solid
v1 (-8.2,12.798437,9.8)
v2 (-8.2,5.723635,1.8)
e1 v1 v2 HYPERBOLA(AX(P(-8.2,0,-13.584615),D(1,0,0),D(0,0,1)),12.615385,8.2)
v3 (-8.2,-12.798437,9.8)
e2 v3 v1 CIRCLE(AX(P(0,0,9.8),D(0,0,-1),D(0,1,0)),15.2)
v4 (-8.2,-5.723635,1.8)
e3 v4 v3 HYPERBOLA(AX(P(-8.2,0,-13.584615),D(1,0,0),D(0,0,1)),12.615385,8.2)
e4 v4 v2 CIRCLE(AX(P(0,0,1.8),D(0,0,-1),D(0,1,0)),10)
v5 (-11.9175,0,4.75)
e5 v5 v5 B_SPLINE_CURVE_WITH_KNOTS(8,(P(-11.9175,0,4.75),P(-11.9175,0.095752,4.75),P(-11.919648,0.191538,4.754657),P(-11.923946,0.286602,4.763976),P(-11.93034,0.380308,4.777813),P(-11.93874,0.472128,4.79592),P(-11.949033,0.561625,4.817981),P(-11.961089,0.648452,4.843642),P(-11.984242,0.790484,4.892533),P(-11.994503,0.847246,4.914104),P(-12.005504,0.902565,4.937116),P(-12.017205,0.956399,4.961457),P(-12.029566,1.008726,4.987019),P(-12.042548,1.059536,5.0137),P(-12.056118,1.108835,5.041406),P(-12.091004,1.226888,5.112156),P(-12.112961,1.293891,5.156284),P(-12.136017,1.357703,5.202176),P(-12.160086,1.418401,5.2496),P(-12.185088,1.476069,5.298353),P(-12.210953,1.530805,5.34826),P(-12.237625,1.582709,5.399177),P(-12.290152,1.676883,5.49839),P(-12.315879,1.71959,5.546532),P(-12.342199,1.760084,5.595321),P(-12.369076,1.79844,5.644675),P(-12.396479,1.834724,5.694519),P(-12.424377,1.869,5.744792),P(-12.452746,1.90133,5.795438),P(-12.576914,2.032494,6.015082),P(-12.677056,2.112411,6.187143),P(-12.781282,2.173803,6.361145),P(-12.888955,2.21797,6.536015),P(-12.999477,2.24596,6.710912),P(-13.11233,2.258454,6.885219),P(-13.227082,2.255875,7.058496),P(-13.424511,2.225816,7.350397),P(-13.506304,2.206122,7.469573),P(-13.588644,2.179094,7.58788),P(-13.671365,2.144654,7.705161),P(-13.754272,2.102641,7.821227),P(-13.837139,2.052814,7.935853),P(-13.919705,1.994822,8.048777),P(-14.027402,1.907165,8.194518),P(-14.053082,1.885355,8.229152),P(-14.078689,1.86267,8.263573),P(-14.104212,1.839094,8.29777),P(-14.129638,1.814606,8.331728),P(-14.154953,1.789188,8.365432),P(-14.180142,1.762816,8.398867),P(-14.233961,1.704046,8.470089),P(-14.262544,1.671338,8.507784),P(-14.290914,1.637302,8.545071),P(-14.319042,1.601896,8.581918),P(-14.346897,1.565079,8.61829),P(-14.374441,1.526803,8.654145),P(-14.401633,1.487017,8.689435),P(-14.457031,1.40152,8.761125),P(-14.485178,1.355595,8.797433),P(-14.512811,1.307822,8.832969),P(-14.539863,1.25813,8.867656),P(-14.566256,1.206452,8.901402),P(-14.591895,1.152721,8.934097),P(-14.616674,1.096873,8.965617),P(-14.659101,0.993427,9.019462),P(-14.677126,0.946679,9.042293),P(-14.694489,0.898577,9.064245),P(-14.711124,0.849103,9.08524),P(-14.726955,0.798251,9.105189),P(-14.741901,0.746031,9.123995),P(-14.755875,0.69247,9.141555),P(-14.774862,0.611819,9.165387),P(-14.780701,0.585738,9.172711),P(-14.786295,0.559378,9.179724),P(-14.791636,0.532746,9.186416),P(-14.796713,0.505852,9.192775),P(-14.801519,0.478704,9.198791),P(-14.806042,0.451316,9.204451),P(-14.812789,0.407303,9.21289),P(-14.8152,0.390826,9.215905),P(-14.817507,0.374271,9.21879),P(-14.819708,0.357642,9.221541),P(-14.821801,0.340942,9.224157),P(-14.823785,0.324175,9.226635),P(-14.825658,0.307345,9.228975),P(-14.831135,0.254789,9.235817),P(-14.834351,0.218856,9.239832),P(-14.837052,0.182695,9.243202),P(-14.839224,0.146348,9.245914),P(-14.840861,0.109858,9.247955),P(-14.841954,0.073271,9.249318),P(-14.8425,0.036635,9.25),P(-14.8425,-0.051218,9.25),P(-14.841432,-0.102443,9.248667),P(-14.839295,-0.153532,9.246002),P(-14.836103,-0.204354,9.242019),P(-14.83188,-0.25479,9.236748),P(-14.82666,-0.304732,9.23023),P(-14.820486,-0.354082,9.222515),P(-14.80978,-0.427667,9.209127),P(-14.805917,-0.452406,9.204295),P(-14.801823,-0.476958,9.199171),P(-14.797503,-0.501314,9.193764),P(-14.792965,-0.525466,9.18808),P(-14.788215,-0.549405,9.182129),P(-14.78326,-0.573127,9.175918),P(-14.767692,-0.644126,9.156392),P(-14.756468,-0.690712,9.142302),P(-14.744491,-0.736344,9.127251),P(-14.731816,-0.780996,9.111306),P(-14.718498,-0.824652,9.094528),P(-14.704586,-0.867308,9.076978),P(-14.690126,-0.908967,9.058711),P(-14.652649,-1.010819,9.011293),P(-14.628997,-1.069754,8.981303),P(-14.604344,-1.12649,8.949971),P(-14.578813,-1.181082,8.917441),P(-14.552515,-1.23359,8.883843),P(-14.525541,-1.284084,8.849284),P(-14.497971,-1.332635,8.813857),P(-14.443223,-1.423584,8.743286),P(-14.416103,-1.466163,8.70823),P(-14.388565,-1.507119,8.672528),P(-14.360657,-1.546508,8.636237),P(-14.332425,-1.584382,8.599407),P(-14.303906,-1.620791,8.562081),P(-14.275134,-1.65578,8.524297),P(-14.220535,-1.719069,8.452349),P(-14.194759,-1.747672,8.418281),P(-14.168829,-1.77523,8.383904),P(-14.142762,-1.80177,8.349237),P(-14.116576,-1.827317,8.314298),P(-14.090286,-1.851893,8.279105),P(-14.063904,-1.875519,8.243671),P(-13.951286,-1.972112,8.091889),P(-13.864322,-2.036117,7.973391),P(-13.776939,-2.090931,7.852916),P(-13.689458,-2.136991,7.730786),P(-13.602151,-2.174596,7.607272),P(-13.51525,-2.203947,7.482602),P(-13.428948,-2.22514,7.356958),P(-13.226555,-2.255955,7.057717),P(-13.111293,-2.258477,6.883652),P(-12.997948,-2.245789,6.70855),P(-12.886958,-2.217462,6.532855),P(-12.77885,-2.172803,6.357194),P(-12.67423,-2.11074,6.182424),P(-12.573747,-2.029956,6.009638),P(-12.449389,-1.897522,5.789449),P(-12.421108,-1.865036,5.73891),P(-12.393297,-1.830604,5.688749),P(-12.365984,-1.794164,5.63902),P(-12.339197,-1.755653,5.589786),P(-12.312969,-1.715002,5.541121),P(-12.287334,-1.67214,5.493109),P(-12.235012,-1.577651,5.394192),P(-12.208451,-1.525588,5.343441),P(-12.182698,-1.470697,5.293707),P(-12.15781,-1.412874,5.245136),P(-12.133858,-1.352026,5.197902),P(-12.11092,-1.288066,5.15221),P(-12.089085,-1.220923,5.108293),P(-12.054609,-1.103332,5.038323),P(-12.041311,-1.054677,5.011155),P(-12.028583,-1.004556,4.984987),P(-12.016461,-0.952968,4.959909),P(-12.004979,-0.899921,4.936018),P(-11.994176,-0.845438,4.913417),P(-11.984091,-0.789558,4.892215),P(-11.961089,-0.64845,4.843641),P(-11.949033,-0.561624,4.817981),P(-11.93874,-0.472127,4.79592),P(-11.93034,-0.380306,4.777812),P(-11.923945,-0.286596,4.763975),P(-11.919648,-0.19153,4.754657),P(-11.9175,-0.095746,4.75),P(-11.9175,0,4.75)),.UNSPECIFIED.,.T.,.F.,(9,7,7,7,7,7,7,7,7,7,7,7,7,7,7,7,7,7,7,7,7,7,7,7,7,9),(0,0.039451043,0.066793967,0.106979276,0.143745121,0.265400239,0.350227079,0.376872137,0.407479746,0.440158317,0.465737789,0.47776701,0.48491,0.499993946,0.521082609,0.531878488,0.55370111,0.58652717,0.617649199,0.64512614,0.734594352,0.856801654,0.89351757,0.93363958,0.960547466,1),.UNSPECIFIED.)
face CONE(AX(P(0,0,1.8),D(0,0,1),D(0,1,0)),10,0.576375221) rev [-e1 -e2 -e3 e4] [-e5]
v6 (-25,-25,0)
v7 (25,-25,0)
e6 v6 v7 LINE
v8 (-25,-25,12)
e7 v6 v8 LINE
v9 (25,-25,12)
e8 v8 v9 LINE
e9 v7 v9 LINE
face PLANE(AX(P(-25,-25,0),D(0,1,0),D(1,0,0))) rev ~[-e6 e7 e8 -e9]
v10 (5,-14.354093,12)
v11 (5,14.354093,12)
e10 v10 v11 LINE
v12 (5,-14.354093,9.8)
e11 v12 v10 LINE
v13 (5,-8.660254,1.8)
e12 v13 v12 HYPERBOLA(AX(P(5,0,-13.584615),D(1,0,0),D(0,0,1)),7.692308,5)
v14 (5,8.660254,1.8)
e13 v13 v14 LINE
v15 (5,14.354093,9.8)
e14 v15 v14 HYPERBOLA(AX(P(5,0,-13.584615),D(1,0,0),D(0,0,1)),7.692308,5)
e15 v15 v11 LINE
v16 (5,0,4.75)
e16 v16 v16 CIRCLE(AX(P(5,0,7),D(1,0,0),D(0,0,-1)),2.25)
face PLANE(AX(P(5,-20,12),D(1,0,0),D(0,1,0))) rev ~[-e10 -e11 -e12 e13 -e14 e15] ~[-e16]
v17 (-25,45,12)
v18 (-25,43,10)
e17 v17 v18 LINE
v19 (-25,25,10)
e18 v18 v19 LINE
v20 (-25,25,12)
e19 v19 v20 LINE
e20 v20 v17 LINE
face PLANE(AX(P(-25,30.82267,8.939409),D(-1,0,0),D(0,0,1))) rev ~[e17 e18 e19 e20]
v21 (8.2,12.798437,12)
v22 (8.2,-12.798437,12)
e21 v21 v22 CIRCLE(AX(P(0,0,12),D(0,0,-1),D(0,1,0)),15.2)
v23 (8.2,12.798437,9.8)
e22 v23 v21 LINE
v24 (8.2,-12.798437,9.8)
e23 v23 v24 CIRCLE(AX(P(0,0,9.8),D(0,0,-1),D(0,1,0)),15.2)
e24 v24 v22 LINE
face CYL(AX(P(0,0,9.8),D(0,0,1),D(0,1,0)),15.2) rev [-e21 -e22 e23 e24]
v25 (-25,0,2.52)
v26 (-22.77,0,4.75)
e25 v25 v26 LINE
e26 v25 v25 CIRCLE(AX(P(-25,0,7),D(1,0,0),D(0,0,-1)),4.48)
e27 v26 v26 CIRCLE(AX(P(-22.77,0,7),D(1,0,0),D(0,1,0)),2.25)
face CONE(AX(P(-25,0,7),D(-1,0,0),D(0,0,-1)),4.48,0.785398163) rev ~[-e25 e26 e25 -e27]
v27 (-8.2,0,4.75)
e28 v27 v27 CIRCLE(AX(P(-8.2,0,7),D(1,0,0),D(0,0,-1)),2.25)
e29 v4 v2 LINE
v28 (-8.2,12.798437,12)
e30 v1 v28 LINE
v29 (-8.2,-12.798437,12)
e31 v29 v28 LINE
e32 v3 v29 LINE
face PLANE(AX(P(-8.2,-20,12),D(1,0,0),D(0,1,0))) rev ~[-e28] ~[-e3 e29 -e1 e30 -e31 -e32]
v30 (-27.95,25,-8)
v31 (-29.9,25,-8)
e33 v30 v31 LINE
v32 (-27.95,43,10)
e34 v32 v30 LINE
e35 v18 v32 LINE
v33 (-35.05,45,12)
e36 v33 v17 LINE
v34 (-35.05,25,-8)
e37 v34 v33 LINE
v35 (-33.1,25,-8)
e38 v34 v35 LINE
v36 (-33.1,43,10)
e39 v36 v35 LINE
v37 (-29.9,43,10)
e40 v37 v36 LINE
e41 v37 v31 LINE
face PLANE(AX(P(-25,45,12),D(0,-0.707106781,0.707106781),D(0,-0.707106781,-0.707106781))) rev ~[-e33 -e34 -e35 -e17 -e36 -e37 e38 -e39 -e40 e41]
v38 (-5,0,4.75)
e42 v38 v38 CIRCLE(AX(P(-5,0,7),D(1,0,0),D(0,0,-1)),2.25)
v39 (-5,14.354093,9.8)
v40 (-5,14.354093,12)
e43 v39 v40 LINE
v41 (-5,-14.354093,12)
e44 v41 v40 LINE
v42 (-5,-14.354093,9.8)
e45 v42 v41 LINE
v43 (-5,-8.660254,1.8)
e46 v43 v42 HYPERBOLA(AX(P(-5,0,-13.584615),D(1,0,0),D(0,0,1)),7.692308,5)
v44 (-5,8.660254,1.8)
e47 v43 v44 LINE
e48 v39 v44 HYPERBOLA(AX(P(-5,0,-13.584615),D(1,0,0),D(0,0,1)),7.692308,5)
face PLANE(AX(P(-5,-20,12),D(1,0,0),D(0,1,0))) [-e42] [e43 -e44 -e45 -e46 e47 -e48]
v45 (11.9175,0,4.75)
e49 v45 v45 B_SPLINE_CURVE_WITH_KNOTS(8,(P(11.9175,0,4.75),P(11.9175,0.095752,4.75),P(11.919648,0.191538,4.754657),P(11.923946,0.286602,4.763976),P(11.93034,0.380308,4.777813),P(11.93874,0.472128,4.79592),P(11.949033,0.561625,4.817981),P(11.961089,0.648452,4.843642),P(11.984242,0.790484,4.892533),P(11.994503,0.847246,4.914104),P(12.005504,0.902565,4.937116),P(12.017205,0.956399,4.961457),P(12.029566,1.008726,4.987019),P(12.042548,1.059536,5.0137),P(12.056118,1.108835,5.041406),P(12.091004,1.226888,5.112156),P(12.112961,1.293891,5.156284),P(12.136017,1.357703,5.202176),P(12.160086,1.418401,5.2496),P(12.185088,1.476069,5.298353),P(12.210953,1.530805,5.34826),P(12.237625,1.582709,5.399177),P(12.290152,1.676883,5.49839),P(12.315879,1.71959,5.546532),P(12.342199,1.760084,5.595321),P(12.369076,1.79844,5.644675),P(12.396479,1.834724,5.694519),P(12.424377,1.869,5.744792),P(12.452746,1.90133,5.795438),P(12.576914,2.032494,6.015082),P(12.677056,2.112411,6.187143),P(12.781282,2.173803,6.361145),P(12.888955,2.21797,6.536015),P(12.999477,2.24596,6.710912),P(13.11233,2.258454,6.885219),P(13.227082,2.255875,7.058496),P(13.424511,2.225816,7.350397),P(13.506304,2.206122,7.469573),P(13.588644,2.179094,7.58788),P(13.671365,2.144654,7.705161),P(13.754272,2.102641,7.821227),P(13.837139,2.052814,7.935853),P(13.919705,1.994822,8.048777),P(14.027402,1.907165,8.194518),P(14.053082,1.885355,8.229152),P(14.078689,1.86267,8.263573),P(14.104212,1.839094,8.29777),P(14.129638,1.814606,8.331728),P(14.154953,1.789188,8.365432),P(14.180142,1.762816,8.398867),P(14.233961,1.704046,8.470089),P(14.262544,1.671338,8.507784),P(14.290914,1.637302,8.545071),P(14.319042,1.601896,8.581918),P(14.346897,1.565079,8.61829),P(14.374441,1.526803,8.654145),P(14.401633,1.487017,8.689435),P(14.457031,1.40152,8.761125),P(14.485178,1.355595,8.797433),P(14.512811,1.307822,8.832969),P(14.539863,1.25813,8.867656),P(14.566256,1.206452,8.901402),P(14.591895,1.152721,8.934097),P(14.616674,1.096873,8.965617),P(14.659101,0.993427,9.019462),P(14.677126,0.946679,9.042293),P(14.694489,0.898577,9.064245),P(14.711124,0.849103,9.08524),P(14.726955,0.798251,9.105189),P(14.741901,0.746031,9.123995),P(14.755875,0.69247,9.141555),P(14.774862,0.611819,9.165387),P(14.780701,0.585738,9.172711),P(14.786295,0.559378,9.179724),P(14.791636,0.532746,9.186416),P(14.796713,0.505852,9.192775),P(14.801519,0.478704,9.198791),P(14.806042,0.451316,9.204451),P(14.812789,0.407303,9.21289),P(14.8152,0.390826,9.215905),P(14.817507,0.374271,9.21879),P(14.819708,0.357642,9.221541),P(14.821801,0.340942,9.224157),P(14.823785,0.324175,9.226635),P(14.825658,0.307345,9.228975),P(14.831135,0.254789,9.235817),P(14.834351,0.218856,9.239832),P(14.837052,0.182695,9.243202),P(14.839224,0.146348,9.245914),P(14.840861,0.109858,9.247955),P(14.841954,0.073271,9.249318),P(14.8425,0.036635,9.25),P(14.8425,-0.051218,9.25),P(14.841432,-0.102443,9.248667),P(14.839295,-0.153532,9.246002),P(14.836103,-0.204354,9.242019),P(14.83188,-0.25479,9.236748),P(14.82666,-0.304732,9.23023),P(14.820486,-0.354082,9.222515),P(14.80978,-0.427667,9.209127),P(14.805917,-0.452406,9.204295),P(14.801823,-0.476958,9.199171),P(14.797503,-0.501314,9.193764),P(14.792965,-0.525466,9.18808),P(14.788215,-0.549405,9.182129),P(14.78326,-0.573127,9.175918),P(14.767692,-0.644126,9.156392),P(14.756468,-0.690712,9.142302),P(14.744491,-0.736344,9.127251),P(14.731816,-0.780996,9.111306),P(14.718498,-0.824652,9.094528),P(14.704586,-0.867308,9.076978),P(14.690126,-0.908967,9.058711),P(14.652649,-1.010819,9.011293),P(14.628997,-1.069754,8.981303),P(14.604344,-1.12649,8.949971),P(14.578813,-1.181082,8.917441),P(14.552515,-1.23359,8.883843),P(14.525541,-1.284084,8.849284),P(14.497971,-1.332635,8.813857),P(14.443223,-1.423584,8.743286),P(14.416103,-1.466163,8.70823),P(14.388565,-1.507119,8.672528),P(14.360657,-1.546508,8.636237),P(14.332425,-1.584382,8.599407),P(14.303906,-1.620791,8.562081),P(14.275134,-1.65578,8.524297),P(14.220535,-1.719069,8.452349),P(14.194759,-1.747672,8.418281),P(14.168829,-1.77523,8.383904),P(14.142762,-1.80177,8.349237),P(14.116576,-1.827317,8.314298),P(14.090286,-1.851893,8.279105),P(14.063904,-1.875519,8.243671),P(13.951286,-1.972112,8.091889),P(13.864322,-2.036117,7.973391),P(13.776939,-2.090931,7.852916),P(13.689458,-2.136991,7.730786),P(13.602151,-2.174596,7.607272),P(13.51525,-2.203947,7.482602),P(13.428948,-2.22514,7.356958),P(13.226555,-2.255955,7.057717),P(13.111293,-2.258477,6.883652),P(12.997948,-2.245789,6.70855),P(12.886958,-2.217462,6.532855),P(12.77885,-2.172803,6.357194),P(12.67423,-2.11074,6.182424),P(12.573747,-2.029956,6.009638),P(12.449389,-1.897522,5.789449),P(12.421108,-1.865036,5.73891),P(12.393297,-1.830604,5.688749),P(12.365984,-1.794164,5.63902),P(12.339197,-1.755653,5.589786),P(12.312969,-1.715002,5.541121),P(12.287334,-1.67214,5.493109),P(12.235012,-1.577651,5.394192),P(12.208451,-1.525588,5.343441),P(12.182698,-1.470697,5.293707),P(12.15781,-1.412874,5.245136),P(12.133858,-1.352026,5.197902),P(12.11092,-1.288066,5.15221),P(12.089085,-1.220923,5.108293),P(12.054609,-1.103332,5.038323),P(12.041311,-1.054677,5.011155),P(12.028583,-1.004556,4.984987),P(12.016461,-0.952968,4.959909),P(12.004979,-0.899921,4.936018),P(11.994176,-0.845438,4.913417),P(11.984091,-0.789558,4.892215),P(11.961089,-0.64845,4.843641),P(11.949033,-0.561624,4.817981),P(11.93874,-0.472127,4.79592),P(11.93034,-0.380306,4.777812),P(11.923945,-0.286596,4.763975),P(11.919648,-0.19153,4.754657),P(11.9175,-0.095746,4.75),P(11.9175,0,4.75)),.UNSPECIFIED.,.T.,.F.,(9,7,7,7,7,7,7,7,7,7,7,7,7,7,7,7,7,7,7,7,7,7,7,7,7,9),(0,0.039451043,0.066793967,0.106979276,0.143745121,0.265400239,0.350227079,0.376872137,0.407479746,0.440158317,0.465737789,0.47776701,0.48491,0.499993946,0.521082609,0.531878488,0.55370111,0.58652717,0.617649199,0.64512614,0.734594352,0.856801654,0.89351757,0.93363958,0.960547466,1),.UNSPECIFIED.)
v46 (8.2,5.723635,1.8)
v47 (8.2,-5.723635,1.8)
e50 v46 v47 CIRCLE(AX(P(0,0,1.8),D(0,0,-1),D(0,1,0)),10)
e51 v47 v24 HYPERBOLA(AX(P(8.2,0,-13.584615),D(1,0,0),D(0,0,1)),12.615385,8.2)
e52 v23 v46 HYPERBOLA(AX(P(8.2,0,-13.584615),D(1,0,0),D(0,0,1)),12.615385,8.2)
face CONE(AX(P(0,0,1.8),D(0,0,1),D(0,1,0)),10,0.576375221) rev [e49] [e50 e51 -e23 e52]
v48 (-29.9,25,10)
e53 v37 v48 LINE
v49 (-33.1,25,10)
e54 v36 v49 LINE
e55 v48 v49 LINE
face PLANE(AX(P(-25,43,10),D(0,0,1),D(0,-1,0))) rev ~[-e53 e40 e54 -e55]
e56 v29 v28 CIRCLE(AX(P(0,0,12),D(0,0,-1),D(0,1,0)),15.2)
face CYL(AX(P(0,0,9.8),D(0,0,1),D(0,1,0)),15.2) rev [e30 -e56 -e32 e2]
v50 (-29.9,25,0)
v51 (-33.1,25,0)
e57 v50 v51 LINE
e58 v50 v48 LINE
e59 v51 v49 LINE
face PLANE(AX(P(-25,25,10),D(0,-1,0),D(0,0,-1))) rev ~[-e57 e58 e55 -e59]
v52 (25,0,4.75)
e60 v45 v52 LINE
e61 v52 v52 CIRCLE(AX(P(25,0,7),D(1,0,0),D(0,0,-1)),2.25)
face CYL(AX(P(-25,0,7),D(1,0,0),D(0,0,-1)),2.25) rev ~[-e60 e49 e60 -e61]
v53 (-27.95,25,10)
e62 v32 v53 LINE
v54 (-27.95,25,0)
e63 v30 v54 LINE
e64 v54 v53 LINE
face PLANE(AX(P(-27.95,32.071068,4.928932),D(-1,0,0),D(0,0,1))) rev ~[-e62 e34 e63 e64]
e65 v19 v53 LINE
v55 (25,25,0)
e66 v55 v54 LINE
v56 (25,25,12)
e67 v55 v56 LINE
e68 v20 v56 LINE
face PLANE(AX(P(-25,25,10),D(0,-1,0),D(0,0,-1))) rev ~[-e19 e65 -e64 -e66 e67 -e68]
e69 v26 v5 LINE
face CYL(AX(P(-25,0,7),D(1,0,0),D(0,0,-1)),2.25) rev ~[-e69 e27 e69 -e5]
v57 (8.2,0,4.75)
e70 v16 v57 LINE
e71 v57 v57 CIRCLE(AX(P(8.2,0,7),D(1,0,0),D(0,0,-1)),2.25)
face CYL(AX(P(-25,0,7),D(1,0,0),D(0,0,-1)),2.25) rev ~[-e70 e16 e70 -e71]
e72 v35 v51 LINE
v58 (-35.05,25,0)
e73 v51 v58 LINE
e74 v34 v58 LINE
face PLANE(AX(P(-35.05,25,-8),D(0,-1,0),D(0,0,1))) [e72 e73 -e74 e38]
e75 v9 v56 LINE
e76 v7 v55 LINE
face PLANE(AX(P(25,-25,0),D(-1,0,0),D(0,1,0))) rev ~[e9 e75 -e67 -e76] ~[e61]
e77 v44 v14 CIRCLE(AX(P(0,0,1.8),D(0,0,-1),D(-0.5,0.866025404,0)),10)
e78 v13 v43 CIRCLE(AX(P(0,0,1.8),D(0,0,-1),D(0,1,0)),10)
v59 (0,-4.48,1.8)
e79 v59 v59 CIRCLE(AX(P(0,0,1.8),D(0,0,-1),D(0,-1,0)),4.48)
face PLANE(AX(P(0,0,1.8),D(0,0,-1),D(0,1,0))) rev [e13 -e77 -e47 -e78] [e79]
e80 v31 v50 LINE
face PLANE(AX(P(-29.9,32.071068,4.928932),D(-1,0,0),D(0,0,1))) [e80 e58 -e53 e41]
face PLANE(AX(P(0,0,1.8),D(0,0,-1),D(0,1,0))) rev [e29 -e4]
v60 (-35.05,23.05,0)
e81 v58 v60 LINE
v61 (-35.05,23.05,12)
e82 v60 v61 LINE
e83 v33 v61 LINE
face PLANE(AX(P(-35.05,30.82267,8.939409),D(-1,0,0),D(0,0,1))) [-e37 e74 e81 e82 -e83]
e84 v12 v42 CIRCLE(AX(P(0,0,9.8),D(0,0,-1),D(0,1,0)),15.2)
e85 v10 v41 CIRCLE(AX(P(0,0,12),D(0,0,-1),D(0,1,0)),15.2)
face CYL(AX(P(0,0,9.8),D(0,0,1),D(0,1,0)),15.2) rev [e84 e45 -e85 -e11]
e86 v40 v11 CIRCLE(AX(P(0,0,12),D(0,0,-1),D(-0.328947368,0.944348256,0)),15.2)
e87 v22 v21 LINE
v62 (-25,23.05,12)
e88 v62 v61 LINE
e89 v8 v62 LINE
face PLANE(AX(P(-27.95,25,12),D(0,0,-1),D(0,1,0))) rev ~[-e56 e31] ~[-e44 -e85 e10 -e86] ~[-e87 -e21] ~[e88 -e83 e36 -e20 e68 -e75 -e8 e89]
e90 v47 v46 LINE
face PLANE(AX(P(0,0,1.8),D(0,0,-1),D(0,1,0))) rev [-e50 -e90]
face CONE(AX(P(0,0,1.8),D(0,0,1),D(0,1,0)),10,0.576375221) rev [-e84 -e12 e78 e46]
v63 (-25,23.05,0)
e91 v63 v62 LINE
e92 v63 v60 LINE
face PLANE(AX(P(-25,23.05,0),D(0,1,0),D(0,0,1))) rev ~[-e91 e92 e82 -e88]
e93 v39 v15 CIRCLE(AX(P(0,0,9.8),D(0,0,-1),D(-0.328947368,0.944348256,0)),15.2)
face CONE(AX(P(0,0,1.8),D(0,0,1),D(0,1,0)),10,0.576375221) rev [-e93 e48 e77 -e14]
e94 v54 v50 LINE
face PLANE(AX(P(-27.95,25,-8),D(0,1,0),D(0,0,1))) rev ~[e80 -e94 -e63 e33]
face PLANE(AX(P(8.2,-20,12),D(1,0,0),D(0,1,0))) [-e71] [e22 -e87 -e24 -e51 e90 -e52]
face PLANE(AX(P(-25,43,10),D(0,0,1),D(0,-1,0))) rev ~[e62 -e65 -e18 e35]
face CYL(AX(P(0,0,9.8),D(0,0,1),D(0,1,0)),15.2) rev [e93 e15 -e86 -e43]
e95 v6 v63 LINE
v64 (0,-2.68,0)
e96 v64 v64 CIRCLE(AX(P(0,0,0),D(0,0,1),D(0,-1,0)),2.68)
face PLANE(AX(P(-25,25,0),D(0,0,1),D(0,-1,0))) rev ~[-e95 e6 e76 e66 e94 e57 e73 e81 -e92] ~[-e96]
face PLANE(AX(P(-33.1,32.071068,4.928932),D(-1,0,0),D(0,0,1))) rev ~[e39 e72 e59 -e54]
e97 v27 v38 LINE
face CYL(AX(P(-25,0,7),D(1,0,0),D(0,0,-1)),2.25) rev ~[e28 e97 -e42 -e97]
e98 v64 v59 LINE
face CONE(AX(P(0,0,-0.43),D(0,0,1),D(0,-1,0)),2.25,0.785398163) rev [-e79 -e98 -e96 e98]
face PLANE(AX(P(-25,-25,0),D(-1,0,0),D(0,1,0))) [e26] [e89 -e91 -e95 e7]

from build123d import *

# Parameters (mm, degrees)
CROQUIS1_W                                           = 50
CROQUIS1_H                                           = 50
CROQUIS1_R                                           = 2
SALIENTE_EXTRUIR2_DEPTH                              = 12
CROQUIS4_W                                           = 3.2
CROQUIS4_H                                           = 40
SALIENTE_EXTRUIR5_DEPTH                              = 10.2
CORTAR_EXTRUIR2_START                                = -50
CROQUIS7_R                                           = 2
CORTAR_EXTRUIR2_DEPTH                                = 50
REFRENTADO_PARA_TORNILLO_TAP_N_CON_CABEZ_D           = 4.5
REFRENTADO_PARA_TORNILLO_TAP_N_CON_CABEZ_CSINK_D     = 8.96
REFRENTADO_PARA_TORNILLO_TAP_N_CON_CABEZ_CSINK_ANGLE = 90
SALIENTE_EXTRUIR14_DEPTH                             = 10.05
SALIENTE_EXTRUIR15_START                             = 2.95
SALIENTE_EXTRUIR15_DEPTH                             = 1.95
SALIENTE_EXTRUIR16_START                             = 10.05
SALIENTE_EXTRUIR16_DEPTH                             = 1.95


with BuildPart() as part:
    # Croquis1 → Saliente-Extruir2 (new body)
    with BuildSketch(Plane.XY):
        Rectangle(CROQUIS1_W, CROQUIS1_H)
        Circle(CROQUIS1_R, mode=Mode.SUBTRACT)
    extrude(amount=SALIENTE_EXTRUIR2_DEPTH)

    # Croquis2 → Cortar-Revolución1 (revolve, cut)
    with BuildSketch(Plane(origin=(0, 0, 0), x_dir=(0, 0, -1), z_dir=(1, 0, 0))):
        Polygon((-12, 15.2), (-12, 0), (-1.8, 0), (-1.8, 10), (-9.8, 15.2), align=None)
    revolve(axis=Axis((0, 0, 12), (0, 0, -1)), mode=Mode.SUBTRACT)

    # Croquis4 → Saliente-Extruir5 (add)
    with BuildSketch(Plane.XY.offset(12)):
        with Locations((-6.6, 0)):
            Rectangle(CROQUIS4_W, CROQUIS4_H)
        with Locations((6.6, 0)):
            Rectangle(CROQUIS4_W, CROQUIS4_H)
    extrude(amount=-SALIENTE_EXTRUIR5_DEPTH)

    # Croquis7 → Cortar-Extruir2 (cut)
    with BuildSketch(Plane.ZY.offset(25).offset(CORTAR_EXTRUIR2_START)):
        with Locations((7, 0)):
            Circle(CROQUIS7_R)
    extrude(amount=CORTAR_EXTRUIR2_DEPTH, mode=Mode.SUBTRACT)

    # Refrentado para tornillo tap_n con cabez (through all)
    with Locations(Plane.ZY.offset(25)):
        with Locations((7, 0)):
            CounterSinkHole(REFRENTADO_PARA_TORNILLO_TAP_N_CON_CABEZ_D / 2, REFRENTADO_PARA_TORNILLO_TAP_N_CON_CABEZ_CSINK_D / 2, counter_sink_angle=REFRENTADO_PARA_TORNILLO_TAP_N_CON_CABEZ_CSINK_ANGLE)

    # Croquis17 → Refrentado para tornillo tap_n con c 2 (revolve, cut)
    with BuildSketch(Plane(origin=(0, 0, 1.8), x_dir=(0, -1, 0), z_dir=(1, 0, 0))):
        Polygon((0, 0), (0, 1.8), (2.25, 1.8), (2.25, 2.23), (4.48, 0), align=None)
    revolve(axis=Axis((0, 0, 8.15), (0, 0, -1)), mode=Mode.SUBTRACT)

    # Croquis19 → Saliente-Extruir14 (add)
    with BuildSketch(Plane.ZY.offset(25)):
        Polygon((12, 45), (10, 43), (10, 25), (0, 25), (0, 23.05), (10, 23.05), (12, 23.05), (12, 25), align=None)
    extrude(amount=SALIENTE_EXTRUIR14_DEPTH)

    # Croquis12 → Saliente-Extruir15 (add)
    with BuildSketch(Plane.ZY.offset(25).offset(SALIENTE_EXTRUIR15_START)):
        Polygon((12, 45), (-8, 25), (12, 25), align=None)
    extrude(amount=SALIENTE_EXTRUIR15_DEPTH)

    # Croquis12<3> → Saliente-Extruir16 (add)
    with BuildSketch(Plane.ZY.offset(25).offset(SALIENTE_EXTRUIR16_START)):
        Polygon((12, 45), (-8, 25), (12, 25), align=None)
    extrude(amount=-SALIENTE_EXTRUIR16_DEPTH)


solid = part.part
